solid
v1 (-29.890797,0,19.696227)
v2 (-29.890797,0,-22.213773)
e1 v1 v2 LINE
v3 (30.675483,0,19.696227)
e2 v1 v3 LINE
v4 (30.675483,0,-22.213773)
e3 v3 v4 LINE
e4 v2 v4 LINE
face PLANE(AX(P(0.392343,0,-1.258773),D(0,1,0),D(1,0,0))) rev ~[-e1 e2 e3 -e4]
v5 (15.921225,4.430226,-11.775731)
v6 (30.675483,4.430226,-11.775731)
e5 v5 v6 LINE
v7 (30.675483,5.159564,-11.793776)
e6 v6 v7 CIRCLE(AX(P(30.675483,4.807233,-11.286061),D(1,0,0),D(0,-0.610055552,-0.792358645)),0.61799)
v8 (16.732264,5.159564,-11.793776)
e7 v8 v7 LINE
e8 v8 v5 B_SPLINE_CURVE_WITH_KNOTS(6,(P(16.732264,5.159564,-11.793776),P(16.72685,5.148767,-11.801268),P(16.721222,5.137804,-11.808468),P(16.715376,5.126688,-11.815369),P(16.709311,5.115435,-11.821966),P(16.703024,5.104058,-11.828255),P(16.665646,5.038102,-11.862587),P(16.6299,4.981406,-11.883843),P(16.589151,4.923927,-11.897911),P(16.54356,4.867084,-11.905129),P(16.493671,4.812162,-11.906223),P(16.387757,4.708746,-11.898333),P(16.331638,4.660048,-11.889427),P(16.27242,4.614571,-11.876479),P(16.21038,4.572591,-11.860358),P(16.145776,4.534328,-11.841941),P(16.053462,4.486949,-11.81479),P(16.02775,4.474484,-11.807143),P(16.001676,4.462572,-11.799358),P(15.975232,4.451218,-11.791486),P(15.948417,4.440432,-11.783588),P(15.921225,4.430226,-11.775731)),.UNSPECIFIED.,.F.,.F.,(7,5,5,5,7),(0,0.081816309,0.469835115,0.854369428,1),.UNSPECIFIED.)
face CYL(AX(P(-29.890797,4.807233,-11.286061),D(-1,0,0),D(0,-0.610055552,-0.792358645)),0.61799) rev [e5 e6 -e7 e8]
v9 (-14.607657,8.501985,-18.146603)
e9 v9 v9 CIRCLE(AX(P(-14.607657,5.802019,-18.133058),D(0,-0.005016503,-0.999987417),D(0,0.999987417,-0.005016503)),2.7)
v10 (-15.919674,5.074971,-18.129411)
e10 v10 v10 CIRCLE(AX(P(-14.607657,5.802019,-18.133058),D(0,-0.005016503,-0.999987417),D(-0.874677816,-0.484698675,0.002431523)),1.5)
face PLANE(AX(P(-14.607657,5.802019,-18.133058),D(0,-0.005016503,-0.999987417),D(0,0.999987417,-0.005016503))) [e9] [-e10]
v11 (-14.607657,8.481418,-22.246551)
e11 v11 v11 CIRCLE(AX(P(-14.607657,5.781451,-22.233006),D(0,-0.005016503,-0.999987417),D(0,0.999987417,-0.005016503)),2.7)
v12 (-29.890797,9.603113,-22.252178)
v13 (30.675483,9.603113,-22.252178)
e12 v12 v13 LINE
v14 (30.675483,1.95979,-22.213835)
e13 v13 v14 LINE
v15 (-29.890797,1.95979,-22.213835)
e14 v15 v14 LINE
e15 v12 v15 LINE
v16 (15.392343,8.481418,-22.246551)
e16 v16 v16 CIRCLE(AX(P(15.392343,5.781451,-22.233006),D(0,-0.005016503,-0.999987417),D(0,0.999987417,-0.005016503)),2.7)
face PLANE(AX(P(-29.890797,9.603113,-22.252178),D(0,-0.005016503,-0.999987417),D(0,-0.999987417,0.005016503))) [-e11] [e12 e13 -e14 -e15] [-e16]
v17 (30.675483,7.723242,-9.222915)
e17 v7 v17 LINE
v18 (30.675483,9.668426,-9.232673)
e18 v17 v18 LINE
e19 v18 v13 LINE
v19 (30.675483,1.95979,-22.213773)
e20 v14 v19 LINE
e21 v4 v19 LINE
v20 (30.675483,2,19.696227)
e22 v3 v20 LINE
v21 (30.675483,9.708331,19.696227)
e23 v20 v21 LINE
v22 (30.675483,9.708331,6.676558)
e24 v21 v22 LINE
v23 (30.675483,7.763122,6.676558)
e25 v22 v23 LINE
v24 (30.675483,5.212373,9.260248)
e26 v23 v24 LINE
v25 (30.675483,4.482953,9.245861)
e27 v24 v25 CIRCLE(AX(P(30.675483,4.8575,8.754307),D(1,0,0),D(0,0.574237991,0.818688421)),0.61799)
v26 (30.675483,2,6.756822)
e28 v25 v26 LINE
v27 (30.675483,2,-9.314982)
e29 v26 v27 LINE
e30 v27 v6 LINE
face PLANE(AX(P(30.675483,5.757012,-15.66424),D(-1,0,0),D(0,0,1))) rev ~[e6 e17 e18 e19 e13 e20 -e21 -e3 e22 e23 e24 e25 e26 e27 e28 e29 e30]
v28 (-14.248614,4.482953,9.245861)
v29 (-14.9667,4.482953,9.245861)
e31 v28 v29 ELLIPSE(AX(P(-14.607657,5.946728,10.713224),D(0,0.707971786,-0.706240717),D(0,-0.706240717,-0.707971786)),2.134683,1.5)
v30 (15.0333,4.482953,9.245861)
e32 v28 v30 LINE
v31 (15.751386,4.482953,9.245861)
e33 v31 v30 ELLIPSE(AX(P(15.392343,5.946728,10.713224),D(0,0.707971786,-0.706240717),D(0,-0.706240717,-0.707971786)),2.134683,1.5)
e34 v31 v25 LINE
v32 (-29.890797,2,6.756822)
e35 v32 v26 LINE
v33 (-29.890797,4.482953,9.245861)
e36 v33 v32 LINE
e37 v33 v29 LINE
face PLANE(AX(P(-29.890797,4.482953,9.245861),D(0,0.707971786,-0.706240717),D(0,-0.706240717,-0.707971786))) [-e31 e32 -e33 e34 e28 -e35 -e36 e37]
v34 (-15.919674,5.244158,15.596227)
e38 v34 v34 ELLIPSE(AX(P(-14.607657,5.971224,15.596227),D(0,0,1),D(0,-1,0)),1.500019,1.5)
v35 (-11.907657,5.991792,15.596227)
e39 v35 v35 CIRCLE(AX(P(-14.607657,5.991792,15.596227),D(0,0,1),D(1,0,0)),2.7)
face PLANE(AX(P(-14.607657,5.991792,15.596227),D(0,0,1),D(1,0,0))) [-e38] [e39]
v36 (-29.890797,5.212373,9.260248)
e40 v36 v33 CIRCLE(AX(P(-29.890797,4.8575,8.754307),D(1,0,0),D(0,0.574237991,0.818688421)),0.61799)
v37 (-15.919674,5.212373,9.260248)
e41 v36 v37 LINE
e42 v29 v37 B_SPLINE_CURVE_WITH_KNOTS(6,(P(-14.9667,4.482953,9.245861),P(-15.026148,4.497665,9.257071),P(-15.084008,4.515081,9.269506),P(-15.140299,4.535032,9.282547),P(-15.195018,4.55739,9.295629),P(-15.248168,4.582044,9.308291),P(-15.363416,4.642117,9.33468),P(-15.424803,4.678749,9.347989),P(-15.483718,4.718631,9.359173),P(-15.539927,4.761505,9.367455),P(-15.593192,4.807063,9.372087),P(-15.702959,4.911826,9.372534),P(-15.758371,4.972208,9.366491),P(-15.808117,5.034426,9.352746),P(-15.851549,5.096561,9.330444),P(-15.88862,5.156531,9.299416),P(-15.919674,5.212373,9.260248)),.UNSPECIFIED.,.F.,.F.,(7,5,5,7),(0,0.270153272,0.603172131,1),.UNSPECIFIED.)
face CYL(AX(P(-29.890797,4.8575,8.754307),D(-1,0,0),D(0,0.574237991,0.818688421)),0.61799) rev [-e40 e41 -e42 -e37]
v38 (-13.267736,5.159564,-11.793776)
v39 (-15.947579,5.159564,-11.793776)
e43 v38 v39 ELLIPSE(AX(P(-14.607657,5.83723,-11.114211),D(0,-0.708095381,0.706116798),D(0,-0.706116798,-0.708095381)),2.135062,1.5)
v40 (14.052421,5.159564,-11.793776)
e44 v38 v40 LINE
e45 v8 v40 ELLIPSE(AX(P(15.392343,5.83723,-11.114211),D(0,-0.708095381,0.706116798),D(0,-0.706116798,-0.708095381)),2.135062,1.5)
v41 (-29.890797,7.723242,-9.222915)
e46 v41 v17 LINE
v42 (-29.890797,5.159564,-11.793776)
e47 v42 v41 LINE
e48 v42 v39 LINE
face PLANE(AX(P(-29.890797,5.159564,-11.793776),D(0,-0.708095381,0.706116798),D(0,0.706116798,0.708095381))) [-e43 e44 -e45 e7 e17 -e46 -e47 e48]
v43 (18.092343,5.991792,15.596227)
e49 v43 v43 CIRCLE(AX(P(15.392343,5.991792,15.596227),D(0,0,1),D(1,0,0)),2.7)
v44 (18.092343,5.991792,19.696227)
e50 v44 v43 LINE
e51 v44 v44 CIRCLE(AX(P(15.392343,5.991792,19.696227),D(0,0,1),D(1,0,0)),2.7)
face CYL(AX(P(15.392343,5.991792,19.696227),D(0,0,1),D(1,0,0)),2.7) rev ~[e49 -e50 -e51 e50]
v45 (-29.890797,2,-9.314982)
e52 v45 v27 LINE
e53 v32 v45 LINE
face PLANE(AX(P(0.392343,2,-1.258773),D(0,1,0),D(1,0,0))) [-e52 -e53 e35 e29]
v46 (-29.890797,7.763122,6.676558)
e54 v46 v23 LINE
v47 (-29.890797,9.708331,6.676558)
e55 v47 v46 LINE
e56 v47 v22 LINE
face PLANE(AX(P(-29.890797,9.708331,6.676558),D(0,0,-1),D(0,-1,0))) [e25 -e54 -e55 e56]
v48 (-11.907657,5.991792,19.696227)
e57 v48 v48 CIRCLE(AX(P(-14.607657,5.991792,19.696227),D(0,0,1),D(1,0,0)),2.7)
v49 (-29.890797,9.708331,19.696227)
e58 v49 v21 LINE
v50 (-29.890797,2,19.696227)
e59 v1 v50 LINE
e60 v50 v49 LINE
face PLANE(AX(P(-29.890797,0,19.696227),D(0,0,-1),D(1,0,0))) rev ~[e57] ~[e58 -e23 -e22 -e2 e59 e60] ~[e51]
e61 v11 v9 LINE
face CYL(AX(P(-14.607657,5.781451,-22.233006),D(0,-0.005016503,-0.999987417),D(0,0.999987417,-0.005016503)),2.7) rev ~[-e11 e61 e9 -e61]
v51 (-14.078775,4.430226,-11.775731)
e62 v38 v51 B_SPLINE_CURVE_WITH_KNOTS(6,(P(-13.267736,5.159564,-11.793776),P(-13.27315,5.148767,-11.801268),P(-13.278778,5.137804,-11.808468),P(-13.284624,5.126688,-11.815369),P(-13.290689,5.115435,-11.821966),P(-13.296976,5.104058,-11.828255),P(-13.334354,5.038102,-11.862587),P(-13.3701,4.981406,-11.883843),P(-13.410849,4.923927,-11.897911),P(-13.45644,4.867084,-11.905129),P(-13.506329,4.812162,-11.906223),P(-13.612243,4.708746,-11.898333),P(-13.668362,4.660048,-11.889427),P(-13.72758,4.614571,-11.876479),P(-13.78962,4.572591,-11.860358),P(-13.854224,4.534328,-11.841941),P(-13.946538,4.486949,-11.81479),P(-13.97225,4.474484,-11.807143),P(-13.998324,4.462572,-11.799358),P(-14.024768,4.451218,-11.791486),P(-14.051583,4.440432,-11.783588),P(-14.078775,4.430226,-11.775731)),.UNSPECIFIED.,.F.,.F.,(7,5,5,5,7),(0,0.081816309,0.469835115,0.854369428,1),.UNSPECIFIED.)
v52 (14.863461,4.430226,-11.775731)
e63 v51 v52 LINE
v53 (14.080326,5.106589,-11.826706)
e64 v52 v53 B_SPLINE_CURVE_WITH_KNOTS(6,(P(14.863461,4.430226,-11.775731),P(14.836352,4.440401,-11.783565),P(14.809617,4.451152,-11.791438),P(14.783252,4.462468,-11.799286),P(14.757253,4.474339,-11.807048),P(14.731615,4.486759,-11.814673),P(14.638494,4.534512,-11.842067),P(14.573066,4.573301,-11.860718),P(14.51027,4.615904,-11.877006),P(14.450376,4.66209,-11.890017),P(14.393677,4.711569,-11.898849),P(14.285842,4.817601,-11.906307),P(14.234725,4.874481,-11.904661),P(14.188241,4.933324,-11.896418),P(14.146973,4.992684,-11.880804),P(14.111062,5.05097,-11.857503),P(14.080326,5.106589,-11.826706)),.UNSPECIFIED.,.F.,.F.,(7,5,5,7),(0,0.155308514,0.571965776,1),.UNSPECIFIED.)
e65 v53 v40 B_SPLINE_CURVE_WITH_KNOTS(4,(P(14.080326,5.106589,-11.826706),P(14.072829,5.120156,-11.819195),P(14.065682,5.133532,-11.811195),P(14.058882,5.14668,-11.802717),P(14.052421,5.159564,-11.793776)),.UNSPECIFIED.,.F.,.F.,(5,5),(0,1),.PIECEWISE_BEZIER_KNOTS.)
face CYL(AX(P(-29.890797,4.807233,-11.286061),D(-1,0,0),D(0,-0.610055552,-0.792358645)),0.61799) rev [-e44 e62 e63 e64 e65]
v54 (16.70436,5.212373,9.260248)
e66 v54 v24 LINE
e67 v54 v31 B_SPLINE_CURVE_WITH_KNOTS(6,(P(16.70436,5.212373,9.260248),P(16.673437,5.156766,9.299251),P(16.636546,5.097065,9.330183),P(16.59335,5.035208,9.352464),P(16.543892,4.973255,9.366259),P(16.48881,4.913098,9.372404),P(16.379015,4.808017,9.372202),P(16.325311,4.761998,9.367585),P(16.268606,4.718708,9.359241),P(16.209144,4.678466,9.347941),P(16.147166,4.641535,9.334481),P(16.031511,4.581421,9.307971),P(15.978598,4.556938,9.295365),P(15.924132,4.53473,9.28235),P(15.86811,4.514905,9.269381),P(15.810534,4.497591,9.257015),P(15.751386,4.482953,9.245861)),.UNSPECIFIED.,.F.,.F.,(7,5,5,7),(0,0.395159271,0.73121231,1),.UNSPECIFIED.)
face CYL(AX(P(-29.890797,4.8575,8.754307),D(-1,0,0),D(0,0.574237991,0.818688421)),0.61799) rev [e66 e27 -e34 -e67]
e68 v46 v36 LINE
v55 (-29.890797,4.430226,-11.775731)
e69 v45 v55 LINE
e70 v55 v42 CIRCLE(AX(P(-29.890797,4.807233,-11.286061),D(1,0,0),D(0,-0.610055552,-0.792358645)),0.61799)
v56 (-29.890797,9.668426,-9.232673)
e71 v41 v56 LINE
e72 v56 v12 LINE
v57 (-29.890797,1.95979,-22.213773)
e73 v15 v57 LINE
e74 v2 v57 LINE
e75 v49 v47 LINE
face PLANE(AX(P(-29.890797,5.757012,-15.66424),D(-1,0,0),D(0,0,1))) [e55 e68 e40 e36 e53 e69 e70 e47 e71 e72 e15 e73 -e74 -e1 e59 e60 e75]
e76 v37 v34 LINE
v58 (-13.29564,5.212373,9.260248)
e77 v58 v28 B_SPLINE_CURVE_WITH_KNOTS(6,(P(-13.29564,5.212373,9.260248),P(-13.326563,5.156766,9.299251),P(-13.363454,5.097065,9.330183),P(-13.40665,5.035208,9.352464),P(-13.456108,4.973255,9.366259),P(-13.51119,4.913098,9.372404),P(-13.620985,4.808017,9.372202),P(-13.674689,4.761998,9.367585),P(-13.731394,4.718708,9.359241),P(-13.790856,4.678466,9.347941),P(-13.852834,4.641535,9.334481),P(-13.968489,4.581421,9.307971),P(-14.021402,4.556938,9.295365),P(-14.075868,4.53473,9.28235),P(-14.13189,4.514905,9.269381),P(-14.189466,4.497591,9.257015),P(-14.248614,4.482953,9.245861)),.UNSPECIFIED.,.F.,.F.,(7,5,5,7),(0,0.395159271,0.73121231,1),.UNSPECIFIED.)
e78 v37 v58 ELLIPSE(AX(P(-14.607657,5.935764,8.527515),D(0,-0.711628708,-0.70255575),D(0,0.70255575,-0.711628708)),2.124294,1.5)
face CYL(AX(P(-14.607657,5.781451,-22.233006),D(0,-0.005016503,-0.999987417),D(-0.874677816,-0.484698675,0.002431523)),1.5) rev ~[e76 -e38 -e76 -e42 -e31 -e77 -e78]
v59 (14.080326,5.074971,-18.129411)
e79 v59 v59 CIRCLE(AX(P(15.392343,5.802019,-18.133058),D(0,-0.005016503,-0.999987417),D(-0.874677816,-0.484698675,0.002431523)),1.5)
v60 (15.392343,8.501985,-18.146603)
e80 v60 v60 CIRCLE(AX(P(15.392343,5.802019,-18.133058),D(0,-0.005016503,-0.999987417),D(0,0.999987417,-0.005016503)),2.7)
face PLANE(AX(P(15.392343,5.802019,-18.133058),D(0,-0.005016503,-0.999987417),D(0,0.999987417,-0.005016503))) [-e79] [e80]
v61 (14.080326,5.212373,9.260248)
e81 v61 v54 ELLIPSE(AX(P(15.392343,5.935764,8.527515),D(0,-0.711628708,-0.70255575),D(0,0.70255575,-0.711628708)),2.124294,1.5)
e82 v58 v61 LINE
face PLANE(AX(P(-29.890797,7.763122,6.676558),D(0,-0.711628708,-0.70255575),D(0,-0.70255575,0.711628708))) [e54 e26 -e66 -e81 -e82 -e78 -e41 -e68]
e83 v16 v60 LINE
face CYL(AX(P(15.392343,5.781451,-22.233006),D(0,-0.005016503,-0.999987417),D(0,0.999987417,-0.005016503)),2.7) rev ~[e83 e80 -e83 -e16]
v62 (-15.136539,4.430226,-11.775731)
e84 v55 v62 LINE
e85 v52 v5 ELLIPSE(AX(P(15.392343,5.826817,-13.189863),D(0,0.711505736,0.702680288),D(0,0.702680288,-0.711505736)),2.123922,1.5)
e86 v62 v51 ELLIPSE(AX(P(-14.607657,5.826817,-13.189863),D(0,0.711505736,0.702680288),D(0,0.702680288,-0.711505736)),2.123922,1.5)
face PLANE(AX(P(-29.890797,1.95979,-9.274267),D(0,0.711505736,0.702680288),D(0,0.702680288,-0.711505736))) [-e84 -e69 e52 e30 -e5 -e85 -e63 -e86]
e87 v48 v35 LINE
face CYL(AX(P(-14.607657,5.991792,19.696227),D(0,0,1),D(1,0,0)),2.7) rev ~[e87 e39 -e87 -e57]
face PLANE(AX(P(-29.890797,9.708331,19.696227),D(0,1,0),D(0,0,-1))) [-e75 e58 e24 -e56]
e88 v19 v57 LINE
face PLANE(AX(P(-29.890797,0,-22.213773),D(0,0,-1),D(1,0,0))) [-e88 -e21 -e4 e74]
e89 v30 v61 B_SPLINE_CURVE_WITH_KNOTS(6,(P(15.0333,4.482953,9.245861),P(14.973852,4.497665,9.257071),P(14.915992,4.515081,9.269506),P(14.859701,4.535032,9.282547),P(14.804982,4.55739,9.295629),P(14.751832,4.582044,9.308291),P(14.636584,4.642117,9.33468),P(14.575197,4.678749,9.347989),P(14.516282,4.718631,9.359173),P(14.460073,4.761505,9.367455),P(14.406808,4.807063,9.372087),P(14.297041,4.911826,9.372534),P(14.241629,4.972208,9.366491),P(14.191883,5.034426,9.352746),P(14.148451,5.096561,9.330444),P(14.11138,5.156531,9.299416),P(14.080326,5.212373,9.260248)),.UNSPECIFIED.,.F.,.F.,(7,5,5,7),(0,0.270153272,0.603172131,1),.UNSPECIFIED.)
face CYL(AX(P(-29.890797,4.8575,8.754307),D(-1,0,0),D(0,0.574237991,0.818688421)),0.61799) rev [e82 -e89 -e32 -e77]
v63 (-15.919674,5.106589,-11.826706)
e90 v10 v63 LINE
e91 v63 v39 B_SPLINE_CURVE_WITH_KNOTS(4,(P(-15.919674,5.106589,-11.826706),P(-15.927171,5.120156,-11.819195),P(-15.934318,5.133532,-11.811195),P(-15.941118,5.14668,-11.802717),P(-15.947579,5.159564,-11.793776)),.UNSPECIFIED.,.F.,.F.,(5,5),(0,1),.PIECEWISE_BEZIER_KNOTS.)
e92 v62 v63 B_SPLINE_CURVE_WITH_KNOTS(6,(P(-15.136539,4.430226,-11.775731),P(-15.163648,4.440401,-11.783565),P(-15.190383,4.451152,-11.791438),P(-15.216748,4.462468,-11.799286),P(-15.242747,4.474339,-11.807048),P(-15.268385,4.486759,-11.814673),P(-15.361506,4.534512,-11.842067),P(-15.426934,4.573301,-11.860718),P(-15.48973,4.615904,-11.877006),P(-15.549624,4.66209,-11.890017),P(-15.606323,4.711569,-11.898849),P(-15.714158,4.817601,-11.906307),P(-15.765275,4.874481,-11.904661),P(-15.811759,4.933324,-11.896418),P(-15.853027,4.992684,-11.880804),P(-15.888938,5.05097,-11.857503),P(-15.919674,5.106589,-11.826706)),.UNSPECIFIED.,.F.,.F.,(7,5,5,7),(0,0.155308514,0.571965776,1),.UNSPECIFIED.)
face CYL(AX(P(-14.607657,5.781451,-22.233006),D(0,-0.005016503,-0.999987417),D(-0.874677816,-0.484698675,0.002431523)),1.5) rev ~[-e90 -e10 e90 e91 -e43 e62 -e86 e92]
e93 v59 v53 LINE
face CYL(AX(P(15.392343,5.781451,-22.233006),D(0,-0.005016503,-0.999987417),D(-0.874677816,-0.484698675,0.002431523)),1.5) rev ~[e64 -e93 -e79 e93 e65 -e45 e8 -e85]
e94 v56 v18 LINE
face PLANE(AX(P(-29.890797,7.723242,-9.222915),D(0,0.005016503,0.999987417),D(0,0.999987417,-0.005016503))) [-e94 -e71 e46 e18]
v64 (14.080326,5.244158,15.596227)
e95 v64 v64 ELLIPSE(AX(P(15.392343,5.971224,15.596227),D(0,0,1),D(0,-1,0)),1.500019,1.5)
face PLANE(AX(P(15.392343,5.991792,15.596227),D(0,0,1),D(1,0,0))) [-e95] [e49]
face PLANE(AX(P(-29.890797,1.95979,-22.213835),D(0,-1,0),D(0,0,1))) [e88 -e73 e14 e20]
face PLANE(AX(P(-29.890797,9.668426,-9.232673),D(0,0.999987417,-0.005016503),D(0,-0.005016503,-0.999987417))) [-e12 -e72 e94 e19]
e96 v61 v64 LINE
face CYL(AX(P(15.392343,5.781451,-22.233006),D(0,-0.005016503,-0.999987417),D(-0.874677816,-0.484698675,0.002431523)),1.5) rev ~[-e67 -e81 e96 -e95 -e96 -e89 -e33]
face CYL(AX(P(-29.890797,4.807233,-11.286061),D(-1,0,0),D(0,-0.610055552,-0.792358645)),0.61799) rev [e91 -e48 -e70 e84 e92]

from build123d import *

# Parameters (mm, degrees)
SKETCH1_W           = 60.566280351
SKETCH1_H           = 41.91
BOSS_EXTRUDE1_DEPTH = 2
BOSS_EXTRUDE2_DEPTH = 60.56628035
CUT_EXTRUDE1_REACH  = 54.849
SKETCH5_R           = 1.5
SKETCH6_R           = 2.7
CUT_EXTRUDE2_DEPTH  = 4.1
SKETCH9_R           = 2.7
CUT_EXTRUDE3_DEPTH  = 4.1


with BuildPart() as part:
    # Sketch1 → Boss-Extrude1 (new body)
    with BuildSketch(Plane(origin=(0, 0, 0), x_dir=(1, 0, 0), z_dir=(0, 1, 0))):
        with Locations((0.392342893, 1.258772873)):
            Rectangle(SKETCH1_W, SKETCH1_H)
    extrude(amount=BOSS_EXTRUDE1_DEPTH)

    # Sketch4 → Boss-Extrude2 (add)
    with BuildSketch(Plane.ZY.offset(29.890797283)):
        with BuildLine():
            Line((-22.21383483, 1.959789744), (-9.274266868, 1.959789744))
            Line((-9.274266868, 1.959789744), (-11.775730551, 4.430225514))
            ThreePointArc((-11.775730551, 4.430225514), (-11.903861669, 4.791947782), (-11.793775933, 5.15956404))
            Line((-11.793775933, 5.15956404), (-9.222914706, 7.723241684))
            Line((-9.222914706, 7.723241684), (-9.232672854, 9.668426415))
            Line((-9.232672854, 9.668426415), (-22.252178068, 9.603113205))
            Line((-22.252178068, 9.603113205), (-22.21383483, 1.959789744))
        make_face()
        with BuildLine():
            Line((6.756821981, 2), (19.696227127, 2))
            Line((19.696227127, 2), (19.696227127, 9.708331019))
            Line((19.696227127, 9.708331019), (6.676558091, 9.708331019))
            Line((6.676558091, 9.708331019), (6.676558091, 7.763121812))
            Line((6.676558091, 7.763121812), (9.260247666, 5.212373159))
            ThreePointArc((9.260247666, 5.212373159), (9.372176165, 4.845313772), (9.24586124, 4.482953285))
            Line((9.24586124, 4.482953285), (6.756821981, 2))
        make_face()
    extrude(amount=-BOSS_EXTRUDE2_DEPTH)

    # Cut-Extrude1: up to this plane
    cut_extrude1_end = Plane(origin=(-29.890797283, 2, 19.696227127), z_dir=(0, 0, -1))
    # Sketch5 → Cut-Extrude1 (cut, up to the surface)
    with BuildSketch(Plane(origin=(0, -0.111385049, -22.203444644), x_dir=(-1, 0, 0), z_dir=(0, -0.005016503049651579, -0.9999874172694139)), mode=Mode.PRIVATE) as cut_extrude1_sk1:
        with Locations(Location((14.607657107, 5.892910673, 0), (0, 0, 331.006868197))):
            Circle(SKETCH5_R)
    cut_extrude1_tool1 = split(extrude(cut_extrude1_sk1.sketch, amount=-CUT_EXTRUDE1_REACH, mode=Mode.PRIVATE), bisect_by=cut_extrude1_end, keep=Keep.BOTH, mode=Mode.PRIVATE)
    add(cut_extrude1_tool1.solids().sort_by_distance((-14.607657, 5.781451, -22.233006))[0], mode=Mode.SUBTRACT)
    # Sketch5 → Cut-Extrude1 (cut, up to the surface)
    with BuildSketch(Plane(origin=(0, -0.111385049, -22.203444644), x_dir=(-1, 0, 0), z_dir=(0, -0.005016503049651579, -0.9999874172694139)), mode=Mode.PRIVATE) as cut_extrude1_sk2:
        with Locations(Location((-15.392342893, 5.892910673, 0), (0, 0, 331.006868197))):
            Circle(SKETCH5_R)
    cut_extrude1_tool2 = split(extrude(cut_extrude1_sk2.sketch, amount=-CUT_EXTRUDE1_REACH, mode=Mode.PRIVATE), bisect_by=cut_extrude1_end, keep=Keep.BOTH, mode=Mode.PRIVATE)
    add(cut_extrude1_tool2.solids().sort_by_distance((15.392343, 5.781451, -22.233006))[0], mode=Mode.SUBTRACT)

    # Sketch6 → Cut-Extrude2 (cut)
    with BuildSketch(Plane(origin=(0, -0.111385049, -22.203444644), x_dir=(-1, 0, 0), z_dir=(0, -0.005016503049651579, -0.9999874172694139))):
        with Locations(Location((14.607657107, 5.892910673, 0), (0, 0, 90))):
            Circle(SKETCH6_R)
        with Locations(Location((-15.392342893, 5.892910673, 0), (0, 0, 90))):
            Circle(SKETCH6_R)
    extrude(amount=-CUT_EXTRUDE2_DEPTH, mode=Mode.SUBTRACT)

    # Sketch9 → Cut-Extrude3 (cut)
    with BuildSketch(Plane.XY.offset(19.696227127)):
        with Locations((15.392342893, 5.991792249)):
            Circle(SKETCH9_R)
        with Locations((-14.607657107, 5.991792249)):
            Circle(SKETCH9_R)
    extrude(amount=-CUT_EXTRUDE3_DEPTH, mode=Mode.SUBTRACT)


solid = part.part
